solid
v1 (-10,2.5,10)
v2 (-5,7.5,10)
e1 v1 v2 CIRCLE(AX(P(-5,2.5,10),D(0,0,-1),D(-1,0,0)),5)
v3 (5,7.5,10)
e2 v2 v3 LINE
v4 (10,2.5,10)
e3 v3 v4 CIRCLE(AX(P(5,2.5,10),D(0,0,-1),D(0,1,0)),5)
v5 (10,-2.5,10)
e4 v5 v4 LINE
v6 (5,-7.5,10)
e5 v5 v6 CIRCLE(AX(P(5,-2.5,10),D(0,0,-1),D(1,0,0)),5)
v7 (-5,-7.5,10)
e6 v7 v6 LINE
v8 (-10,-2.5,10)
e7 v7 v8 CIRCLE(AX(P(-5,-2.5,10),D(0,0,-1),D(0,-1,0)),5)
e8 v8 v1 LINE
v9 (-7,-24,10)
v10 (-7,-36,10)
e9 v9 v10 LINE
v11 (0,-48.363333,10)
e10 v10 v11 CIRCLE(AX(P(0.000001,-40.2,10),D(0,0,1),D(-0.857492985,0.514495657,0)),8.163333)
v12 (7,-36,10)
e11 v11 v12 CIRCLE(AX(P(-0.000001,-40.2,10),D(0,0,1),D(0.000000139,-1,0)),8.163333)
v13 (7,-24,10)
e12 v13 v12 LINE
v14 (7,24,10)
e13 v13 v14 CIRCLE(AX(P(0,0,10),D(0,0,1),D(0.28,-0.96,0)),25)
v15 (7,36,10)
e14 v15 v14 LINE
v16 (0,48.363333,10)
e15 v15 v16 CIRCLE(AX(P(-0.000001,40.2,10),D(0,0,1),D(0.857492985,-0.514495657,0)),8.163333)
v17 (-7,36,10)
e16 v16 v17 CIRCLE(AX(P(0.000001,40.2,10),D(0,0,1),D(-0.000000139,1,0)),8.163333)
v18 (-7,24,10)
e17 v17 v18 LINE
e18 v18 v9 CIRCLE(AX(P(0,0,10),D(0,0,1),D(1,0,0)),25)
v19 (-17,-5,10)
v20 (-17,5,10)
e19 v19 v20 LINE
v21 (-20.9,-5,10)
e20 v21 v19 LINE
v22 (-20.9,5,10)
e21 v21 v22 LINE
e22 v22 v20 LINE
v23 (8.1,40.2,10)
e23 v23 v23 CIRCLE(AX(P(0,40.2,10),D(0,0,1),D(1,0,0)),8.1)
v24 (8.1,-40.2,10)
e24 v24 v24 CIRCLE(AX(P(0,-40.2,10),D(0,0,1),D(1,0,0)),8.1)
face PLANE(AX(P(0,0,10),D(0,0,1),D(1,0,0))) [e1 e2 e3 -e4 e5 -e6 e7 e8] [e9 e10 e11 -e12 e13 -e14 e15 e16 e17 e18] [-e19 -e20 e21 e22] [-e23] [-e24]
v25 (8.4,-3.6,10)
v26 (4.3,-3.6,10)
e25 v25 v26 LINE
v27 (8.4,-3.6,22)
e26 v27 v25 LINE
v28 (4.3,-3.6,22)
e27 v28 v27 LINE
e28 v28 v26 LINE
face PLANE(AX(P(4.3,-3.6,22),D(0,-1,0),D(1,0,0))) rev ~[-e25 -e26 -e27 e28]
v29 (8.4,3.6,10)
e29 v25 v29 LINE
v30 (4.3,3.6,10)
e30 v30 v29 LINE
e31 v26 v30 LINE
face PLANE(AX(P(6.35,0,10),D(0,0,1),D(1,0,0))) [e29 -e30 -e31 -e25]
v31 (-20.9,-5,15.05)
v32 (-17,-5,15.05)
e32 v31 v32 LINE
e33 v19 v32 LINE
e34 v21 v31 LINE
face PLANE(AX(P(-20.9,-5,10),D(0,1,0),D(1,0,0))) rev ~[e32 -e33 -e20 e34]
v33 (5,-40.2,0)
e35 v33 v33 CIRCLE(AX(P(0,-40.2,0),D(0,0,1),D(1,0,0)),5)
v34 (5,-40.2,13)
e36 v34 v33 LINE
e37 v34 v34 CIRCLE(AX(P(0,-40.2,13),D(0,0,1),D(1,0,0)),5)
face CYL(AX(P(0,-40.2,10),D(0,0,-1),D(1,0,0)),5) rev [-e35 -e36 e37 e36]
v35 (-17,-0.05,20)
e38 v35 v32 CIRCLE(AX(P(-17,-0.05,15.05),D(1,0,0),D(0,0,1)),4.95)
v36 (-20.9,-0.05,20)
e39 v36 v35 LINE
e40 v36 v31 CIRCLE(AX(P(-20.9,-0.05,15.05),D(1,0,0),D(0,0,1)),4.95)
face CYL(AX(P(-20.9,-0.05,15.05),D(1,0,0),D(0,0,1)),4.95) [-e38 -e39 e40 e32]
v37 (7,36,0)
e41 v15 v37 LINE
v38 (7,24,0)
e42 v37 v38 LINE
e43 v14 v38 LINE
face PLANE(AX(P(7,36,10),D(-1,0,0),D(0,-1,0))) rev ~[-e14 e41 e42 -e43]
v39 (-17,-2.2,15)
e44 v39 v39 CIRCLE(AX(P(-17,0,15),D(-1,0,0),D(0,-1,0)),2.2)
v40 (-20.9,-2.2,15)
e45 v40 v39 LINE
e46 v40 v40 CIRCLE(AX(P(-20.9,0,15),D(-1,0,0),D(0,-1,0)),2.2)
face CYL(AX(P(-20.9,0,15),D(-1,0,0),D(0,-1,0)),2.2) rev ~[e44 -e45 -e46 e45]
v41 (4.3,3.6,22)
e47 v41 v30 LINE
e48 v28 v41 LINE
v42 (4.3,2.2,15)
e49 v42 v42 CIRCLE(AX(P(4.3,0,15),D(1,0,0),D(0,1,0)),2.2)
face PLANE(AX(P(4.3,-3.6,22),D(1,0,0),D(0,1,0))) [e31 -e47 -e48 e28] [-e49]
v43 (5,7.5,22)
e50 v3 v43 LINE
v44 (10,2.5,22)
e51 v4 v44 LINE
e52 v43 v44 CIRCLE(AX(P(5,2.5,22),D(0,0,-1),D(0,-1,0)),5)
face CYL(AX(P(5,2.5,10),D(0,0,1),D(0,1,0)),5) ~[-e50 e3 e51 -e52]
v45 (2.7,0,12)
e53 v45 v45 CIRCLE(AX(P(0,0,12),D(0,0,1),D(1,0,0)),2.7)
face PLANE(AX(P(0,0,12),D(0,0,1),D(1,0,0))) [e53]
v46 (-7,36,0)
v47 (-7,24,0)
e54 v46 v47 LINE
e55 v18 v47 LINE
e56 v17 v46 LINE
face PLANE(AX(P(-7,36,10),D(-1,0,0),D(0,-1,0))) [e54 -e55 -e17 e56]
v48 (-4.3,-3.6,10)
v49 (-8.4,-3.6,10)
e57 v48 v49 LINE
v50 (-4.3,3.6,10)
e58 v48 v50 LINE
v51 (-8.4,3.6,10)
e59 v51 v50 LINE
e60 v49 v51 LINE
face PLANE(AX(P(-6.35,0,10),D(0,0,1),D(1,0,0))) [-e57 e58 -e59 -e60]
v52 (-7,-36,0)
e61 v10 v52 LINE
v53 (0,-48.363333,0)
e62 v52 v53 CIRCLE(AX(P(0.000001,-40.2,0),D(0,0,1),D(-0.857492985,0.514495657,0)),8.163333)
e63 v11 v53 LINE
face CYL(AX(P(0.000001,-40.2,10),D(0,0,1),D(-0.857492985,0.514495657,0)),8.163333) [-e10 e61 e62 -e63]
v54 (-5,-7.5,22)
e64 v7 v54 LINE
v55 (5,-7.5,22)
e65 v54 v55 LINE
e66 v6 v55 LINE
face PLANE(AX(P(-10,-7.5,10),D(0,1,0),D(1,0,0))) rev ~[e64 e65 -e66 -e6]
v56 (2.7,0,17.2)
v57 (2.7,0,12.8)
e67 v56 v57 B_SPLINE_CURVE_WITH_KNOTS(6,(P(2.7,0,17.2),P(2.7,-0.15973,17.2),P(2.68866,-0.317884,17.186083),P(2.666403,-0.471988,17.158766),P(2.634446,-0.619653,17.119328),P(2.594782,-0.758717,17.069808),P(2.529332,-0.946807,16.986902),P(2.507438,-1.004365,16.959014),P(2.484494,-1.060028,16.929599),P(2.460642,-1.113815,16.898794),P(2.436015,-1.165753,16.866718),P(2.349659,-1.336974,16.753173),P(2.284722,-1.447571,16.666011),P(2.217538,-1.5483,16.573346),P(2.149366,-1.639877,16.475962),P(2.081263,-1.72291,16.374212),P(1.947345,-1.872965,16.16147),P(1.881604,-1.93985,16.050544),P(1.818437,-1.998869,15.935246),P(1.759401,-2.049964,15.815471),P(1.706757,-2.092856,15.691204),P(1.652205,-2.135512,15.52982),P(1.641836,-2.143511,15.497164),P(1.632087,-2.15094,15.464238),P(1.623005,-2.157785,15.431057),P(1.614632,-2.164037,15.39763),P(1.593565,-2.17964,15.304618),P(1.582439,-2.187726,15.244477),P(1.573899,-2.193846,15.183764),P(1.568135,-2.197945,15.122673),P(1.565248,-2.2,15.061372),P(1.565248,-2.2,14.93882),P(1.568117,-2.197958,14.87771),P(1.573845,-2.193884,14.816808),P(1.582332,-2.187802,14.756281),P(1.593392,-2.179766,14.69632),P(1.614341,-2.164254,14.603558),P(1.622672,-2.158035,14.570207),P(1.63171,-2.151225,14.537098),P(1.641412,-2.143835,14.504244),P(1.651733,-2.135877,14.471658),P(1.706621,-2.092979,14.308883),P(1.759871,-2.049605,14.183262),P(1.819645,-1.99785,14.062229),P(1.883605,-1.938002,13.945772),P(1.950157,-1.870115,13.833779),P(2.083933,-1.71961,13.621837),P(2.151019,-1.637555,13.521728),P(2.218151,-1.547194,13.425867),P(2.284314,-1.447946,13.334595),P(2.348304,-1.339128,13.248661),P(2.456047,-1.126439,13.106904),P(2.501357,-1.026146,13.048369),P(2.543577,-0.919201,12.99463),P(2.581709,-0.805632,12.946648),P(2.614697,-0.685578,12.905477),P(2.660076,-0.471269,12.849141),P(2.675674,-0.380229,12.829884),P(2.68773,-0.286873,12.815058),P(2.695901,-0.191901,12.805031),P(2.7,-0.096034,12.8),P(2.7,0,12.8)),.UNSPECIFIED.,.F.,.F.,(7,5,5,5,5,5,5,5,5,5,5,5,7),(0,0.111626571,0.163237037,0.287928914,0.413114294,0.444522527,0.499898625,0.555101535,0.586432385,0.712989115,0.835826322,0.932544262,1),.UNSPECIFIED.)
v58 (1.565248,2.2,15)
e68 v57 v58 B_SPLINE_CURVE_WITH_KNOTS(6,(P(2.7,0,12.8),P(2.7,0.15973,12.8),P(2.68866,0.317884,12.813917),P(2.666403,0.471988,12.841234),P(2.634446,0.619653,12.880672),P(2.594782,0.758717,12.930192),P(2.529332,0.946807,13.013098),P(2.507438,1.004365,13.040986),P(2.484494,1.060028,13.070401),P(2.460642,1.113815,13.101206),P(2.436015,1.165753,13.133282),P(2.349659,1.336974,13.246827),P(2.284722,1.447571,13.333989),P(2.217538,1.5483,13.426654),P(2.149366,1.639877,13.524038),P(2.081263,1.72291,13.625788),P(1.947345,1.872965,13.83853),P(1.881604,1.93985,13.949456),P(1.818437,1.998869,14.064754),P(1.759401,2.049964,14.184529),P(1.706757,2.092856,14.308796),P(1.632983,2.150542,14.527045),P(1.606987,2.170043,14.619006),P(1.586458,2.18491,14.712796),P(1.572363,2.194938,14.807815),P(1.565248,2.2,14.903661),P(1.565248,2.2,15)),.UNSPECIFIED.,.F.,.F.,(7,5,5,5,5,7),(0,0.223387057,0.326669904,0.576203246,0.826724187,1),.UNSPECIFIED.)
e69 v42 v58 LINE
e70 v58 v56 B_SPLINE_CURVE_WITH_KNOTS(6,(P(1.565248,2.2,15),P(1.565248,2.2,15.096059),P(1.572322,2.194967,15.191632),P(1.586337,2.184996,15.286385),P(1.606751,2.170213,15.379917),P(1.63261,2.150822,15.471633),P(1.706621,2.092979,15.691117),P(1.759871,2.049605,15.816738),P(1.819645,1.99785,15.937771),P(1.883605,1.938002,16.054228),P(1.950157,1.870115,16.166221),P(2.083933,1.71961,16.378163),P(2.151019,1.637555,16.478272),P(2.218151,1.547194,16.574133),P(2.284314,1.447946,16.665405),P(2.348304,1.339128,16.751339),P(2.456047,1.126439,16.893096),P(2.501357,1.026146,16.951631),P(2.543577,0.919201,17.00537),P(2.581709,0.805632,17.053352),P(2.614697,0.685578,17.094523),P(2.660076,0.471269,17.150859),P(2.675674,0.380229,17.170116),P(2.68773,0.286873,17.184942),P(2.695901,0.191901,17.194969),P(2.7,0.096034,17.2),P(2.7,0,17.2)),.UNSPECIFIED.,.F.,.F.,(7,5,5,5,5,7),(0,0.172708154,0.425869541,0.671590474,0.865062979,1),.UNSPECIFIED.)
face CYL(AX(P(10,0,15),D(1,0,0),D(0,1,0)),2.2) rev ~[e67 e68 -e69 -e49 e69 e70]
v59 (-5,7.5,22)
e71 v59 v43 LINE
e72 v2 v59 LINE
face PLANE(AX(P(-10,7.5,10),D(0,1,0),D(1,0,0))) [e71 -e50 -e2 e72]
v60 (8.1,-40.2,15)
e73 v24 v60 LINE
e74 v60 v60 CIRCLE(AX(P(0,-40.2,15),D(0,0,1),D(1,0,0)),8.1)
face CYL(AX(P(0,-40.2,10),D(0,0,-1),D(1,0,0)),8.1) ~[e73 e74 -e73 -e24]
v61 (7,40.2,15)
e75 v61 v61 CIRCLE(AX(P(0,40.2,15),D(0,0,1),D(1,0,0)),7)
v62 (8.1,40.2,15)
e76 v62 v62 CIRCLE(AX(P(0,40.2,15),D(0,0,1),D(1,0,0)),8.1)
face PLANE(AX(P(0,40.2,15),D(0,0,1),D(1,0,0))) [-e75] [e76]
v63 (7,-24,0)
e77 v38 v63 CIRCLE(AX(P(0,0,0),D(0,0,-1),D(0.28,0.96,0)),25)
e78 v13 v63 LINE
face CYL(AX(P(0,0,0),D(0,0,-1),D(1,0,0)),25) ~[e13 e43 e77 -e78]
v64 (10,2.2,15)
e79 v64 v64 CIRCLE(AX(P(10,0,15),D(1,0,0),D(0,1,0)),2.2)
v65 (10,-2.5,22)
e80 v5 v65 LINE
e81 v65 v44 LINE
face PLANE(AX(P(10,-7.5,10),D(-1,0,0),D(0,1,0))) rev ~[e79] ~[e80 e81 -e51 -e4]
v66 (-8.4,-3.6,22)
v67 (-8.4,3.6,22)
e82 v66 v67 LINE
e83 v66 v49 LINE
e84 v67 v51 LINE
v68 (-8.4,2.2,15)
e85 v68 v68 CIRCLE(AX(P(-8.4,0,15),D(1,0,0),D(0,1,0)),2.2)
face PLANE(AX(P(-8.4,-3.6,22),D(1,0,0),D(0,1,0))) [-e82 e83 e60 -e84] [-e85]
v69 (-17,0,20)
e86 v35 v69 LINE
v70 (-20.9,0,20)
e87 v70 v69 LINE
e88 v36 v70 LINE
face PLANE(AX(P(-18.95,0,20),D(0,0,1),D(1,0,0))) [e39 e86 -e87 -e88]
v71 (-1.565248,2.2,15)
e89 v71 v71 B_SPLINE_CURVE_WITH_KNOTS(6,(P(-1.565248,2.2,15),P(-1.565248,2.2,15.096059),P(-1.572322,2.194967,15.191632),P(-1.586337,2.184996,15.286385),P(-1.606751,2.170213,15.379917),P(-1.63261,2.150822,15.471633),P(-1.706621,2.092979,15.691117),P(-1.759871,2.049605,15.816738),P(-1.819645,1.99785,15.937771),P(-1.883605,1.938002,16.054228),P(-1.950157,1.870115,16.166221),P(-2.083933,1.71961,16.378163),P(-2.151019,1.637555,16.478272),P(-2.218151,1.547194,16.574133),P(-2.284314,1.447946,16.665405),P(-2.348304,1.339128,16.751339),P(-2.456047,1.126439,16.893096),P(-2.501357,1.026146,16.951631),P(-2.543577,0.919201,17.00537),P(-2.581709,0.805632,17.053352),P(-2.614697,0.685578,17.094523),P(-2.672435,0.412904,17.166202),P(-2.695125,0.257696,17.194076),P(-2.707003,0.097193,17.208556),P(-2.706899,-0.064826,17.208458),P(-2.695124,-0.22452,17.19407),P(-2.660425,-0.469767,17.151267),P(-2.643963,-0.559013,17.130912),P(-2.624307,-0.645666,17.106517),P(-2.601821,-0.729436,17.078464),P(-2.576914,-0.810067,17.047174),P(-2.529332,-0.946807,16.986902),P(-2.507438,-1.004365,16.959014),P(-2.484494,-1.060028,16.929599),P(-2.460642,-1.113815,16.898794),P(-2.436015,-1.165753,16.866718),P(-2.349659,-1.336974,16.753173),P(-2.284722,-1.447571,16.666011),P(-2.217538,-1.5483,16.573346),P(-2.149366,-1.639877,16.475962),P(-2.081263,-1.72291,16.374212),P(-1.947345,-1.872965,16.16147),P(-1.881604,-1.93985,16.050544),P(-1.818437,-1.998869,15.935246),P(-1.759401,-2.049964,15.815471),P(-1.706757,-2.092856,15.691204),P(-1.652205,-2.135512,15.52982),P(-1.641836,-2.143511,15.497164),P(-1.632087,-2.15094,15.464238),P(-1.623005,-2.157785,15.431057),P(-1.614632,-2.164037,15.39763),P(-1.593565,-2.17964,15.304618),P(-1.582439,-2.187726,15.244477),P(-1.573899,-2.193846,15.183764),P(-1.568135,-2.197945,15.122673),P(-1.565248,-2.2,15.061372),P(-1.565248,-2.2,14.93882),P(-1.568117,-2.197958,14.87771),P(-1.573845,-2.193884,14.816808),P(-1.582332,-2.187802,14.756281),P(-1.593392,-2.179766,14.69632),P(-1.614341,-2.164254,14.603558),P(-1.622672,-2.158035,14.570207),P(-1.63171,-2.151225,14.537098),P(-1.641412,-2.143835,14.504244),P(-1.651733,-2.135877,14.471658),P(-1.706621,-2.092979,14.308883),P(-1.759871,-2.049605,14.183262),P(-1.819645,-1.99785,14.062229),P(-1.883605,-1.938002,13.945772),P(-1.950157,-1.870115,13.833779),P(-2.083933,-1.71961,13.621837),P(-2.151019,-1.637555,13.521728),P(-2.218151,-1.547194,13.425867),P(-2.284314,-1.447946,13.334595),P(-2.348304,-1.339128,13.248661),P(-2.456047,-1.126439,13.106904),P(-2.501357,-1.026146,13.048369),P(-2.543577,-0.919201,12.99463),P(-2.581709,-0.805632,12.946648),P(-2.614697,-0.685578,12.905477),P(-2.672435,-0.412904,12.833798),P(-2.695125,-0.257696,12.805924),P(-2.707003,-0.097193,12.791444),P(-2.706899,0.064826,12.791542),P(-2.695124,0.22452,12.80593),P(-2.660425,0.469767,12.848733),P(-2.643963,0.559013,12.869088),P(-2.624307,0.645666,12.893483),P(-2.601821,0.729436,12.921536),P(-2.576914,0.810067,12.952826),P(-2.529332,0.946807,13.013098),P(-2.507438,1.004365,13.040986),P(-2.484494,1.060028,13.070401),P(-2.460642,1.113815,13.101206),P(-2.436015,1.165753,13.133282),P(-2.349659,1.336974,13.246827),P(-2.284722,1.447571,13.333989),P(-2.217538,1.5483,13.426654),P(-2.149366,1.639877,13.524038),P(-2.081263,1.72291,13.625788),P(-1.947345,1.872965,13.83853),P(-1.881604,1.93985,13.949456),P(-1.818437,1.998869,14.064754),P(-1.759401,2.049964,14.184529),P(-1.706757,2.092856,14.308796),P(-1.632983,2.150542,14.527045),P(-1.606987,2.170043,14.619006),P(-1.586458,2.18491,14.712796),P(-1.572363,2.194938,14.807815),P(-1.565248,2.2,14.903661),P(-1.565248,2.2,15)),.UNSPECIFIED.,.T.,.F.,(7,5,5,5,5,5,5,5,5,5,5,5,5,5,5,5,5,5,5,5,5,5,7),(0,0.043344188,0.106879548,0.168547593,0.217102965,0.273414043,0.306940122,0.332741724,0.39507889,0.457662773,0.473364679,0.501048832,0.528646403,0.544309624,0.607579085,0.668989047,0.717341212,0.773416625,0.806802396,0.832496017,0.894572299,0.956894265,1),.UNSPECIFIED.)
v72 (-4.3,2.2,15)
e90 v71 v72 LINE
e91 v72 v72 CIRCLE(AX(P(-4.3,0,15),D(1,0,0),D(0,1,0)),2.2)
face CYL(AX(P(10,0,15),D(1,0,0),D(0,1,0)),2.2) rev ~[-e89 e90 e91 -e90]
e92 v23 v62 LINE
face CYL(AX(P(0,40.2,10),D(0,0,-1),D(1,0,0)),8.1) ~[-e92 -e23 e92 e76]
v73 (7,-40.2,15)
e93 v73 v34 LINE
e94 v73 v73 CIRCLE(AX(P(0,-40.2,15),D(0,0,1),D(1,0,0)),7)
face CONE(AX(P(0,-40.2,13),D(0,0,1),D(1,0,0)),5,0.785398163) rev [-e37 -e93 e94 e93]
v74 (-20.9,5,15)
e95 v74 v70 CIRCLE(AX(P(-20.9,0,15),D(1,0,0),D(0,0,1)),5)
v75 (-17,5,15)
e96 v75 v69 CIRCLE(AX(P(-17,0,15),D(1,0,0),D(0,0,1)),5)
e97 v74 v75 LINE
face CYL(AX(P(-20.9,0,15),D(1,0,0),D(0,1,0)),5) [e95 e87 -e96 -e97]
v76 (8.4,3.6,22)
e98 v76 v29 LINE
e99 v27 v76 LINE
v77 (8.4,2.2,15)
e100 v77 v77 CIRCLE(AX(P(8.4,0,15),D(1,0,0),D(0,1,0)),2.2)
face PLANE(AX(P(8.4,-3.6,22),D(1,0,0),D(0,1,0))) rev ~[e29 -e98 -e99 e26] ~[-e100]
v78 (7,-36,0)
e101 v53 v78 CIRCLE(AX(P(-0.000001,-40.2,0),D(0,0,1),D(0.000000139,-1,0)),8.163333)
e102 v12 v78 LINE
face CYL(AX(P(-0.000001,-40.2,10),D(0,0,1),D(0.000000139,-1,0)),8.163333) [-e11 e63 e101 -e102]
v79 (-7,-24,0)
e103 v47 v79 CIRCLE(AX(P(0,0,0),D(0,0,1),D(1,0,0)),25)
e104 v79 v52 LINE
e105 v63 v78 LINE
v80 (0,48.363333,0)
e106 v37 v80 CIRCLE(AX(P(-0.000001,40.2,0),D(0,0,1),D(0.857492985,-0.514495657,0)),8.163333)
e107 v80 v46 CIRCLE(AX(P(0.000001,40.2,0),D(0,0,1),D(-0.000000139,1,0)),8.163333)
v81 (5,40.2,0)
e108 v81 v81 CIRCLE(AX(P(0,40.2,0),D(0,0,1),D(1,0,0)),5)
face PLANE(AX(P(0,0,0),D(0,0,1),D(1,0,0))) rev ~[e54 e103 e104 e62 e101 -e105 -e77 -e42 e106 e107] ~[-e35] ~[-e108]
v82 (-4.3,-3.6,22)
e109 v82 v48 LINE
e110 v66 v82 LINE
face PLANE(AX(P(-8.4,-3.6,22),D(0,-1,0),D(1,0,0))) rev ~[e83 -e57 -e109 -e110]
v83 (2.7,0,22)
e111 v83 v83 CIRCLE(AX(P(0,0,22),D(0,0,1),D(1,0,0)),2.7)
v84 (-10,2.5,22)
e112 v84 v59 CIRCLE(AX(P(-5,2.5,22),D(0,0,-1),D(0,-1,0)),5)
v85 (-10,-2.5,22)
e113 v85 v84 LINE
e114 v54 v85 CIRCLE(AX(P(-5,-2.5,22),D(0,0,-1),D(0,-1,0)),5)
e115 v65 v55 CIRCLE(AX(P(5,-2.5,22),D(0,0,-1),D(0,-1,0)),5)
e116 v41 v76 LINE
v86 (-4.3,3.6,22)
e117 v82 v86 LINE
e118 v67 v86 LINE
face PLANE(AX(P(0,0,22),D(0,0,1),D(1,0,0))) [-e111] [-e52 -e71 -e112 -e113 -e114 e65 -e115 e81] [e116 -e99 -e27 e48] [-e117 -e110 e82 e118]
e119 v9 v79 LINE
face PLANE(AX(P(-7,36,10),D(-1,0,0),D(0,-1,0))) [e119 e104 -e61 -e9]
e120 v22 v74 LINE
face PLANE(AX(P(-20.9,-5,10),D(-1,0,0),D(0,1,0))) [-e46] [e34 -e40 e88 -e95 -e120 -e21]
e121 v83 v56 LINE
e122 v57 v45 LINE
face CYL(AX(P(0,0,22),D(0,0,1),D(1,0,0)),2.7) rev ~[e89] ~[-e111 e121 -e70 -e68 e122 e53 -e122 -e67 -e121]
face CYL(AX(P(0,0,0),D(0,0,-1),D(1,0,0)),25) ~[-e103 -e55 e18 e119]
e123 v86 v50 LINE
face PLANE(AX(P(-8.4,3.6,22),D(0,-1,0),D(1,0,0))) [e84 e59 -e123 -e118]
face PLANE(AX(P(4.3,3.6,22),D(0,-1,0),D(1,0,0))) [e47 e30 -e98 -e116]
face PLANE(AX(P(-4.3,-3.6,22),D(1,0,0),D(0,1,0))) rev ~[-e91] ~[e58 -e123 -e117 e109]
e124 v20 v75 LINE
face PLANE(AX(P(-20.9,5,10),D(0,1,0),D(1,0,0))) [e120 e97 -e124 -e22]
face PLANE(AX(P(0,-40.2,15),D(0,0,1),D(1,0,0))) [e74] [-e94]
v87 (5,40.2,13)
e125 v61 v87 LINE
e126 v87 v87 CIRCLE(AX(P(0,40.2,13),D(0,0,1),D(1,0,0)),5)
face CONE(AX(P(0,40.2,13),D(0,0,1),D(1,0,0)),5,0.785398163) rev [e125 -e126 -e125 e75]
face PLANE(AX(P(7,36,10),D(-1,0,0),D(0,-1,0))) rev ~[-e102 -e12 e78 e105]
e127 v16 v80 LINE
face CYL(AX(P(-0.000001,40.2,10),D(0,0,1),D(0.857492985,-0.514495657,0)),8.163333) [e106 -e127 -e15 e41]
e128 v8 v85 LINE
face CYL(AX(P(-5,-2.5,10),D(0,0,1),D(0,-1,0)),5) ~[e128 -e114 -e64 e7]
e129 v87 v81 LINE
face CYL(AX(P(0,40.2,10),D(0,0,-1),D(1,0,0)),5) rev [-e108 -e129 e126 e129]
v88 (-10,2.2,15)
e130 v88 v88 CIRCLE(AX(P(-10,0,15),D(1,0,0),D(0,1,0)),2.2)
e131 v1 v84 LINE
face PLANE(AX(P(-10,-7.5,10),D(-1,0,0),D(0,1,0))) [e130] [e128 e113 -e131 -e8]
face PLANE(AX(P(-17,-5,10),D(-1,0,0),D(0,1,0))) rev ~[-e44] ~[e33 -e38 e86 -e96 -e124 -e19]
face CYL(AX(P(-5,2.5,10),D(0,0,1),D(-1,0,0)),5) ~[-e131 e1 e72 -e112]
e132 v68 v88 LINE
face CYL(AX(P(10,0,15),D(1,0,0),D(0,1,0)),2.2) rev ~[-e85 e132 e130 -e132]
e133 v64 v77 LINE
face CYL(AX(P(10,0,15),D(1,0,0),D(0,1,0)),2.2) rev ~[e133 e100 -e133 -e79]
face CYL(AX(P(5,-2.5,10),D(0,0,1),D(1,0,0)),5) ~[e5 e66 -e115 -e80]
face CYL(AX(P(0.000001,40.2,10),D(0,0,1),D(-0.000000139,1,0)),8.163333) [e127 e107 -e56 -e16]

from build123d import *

# Parameters (mm, degrees)
SKETCH_R        = 25
PAD_DEPTH       = 10
SKETCH001_W     = 20
SKETCH001_H     = 15
PAD001_DEPTH    = 12
SKETCH002_R     = 2.7
POCKET_DEPTH    = 10
SKETCH003_W     = 4.1
SKETCH003_H     = 7.2
POCKET001_DEPTH = 12
SKETCH004_R     = 2.2
POCKET002_DEPTH = 30
FILLET_R        = 5
FILLET001_R     = 5
FILLET002_R     = 5
FILLET003_R     = 5
SKETCH005_R     = 5
PAD002_DEPTH    = 10
SKETCH006_W     = 3.9
SKETCH006_H     = 10
PAD003_DEPTH    = 10
SKETCH007_R     = 2.2
POCKET003_DEPTH = 4
SKETCH008_R     = 8.1
SKETCH008_R_2   = 5
PAD004_DEPTH    = 5
FILLET004_R     = 5
FILLET005_R     = 4.95
CHAMFER_SIZE    = 2
CHAMFER001_SIZE = 2


with BuildPart() as part:
    # Sketch → Pad (new body)
    with BuildSketch(Plane.XY):
        Circle(SKETCH_R)
    extrude(amount=PAD_DEPTH)

    # Sketch001 (on Face3 of Pad) → Pad001 (join)
    with BuildSketch(Plane.XY.offset(10)):
        Rectangle(SKETCH001_W, SKETCH001_H)
    extrude(amount=PAD001_DEPTH)

    # Sketch002 (on Face8 of Pad001) → Pocket (cut)
    with BuildSketch(Plane.XY.offset(22)):
        Circle(SKETCH002_R)
    extrude(amount=-POCKET_DEPTH, mode=Mode.SUBTRACT)

    # Sketch003 (on Face8 of Pocket) → Pocket001 (cut)
    with BuildSketch(Plane.XY.offset(22)):
        with Locations((-6.35, 0)):
            Rectangle(SKETCH003_W, SKETCH003_H)
        with Locations((6.35, 0)):
            Rectangle(SKETCH003_W, SKETCH003_H)
    extrude(amount=-POCKET001_DEPTH, mode=Mode.SUBTRACT)

    # Sketch004 (on Face6 of Pocket001) → Pocket002 (cut)
    with BuildSketch(Plane.YZ.offset(10)):
        with Locations((0, 15)):
            Circle(SKETCH004_R)
    extrude(amount=-POCKET002_DEPTH, mode=Mode.SUBTRACT)

    # Fillet
    fillet_edges = [part.edges().sort_by_distance(p)[0] for p in [
        (-10, -7.5, 16),
    ]]
    fillet(fillet_edges, radius=FILLET_R)

    # Fillet001
    fillet001_edges = [part.edges().sort_by_distance(p)[0] for p in [
        (-10, 7.5, 16),
    ]]
    fillet(fillet001_edges, radius=FILLET001_R)

    # Fillet002
    fillet002_edges = [part.edges().sort_by_distance(p)[0] for p in [
        (10, 7.5, 16),
    ]]
    fillet(fillet002_edges, radius=FILLET002_R)

    # Fillet003
    fillet003_edges = [part.edges().sort_by_distance(p)[0] for p in [
        (10, -7.5, 16),
    ]]
    fillet(fillet003_edges, radius=FILLET003_R)

    # Sketch005 (on Face1 of Fillet003) → Pad002 (join)
    with BuildSketch(Plane.XY.offset(10)):
        with BuildLine():
            Line((-7, 36), (-7, -36))
            ThreePointArc((-7, -36), (-7.103731, -44.222064), (0, -48.363333))
            ThreePointArc((0, -48.363333), (7.103731, -44.222064), (7, -36))
            Line((7, 36), (7, -36))
            ThreePointArc((7, 36), (7.103731, 44.222064), (0, 48.363333))
            ThreePointArc((0, 48.363333), (-7.103731, 44.222064), (-7, 36))
        make_face()
        with Locations((0, -40.2)):
            Circle(SKETCH005_R, mode=Mode.SUBTRACT)
        with Locations((0, 40.2)):
            Circle(SKETCH005_R, mode=Mode.SUBTRACT)
    extrude(amount=-PAD002_DEPTH)

    # Sketch006 (on Face13 of Pad002) → Pad003 (join)
    with BuildSketch(Plane.XY.offset(10)):
        with Locations((-18.95, 0)):
            Rectangle(SKETCH006_W, SKETCH006_H)
    extrude(amount=PAD003_DEPTH)

    # Sketch007 (on Face32 of Pad003) → Pocket003 (cut)
    with BuildSketch(Plane(origin=(-20.9, 0, 0), x_dir=(0, -1, 0), z_dir=(-1, 0, 0))):
        with Locations((0, 15)):
            Circle(SKETCH007_R)
    extrude(amount=-POCKET003_DEPTH, mode=Mode.SUBTRACT)

    # Sketch008 (on Face18 of Pocket003) → Pad004 (join)
    with BuildSketch(Plane.XY.offset(10)):
        with Locations((0, 40.2)):
            Circle(SKETCH008_R)
        with Locations((0, 40.2)):
            Circle(SKETCH008_R_2, mode=Mode.SUBTRACT)
        with Locations((0, -40.2)):
            Circle(SKETCH008_R)
        with Locations((0, -40.2)):
            Circle(SKETCH008_R_2, mode=Mode.SUBTRACT)
    extrude(amount=PAD004_DEPTH)

    # Fillet004
    fillet004_edges = [part.edges().sort_by_distance(p)[0] for p in [
        (-18.95, 5, 20),
    ]]
    fillet(fillet004_edges, radius=FILLET004_R)

    # Fillet005
    fillet005_edges = [part.edges().sort_by_distance(p)[0] for p in [
        (-18.95, -5, 20),
    ]]
    fillet(fillet005_edges, radius=FILLET005_R)

    # Chamfer
    chamfer_edges = [part.edges().sort_by_distance(p)[0] for p in [
        (-5, 40.2, 15),
    ]]
    chamfer(chamfer_edges, length=CHAMFER_SIZE)

    # Chamfer001
    chamfer001_edges = [part.edges().sort_by_distance(p)[0] for p in [
        (-5, -40.2, 15),
    ]]
    chamfer(chamfer001_edges, length=CHAMFER001_SIZE)


solid = part.part
